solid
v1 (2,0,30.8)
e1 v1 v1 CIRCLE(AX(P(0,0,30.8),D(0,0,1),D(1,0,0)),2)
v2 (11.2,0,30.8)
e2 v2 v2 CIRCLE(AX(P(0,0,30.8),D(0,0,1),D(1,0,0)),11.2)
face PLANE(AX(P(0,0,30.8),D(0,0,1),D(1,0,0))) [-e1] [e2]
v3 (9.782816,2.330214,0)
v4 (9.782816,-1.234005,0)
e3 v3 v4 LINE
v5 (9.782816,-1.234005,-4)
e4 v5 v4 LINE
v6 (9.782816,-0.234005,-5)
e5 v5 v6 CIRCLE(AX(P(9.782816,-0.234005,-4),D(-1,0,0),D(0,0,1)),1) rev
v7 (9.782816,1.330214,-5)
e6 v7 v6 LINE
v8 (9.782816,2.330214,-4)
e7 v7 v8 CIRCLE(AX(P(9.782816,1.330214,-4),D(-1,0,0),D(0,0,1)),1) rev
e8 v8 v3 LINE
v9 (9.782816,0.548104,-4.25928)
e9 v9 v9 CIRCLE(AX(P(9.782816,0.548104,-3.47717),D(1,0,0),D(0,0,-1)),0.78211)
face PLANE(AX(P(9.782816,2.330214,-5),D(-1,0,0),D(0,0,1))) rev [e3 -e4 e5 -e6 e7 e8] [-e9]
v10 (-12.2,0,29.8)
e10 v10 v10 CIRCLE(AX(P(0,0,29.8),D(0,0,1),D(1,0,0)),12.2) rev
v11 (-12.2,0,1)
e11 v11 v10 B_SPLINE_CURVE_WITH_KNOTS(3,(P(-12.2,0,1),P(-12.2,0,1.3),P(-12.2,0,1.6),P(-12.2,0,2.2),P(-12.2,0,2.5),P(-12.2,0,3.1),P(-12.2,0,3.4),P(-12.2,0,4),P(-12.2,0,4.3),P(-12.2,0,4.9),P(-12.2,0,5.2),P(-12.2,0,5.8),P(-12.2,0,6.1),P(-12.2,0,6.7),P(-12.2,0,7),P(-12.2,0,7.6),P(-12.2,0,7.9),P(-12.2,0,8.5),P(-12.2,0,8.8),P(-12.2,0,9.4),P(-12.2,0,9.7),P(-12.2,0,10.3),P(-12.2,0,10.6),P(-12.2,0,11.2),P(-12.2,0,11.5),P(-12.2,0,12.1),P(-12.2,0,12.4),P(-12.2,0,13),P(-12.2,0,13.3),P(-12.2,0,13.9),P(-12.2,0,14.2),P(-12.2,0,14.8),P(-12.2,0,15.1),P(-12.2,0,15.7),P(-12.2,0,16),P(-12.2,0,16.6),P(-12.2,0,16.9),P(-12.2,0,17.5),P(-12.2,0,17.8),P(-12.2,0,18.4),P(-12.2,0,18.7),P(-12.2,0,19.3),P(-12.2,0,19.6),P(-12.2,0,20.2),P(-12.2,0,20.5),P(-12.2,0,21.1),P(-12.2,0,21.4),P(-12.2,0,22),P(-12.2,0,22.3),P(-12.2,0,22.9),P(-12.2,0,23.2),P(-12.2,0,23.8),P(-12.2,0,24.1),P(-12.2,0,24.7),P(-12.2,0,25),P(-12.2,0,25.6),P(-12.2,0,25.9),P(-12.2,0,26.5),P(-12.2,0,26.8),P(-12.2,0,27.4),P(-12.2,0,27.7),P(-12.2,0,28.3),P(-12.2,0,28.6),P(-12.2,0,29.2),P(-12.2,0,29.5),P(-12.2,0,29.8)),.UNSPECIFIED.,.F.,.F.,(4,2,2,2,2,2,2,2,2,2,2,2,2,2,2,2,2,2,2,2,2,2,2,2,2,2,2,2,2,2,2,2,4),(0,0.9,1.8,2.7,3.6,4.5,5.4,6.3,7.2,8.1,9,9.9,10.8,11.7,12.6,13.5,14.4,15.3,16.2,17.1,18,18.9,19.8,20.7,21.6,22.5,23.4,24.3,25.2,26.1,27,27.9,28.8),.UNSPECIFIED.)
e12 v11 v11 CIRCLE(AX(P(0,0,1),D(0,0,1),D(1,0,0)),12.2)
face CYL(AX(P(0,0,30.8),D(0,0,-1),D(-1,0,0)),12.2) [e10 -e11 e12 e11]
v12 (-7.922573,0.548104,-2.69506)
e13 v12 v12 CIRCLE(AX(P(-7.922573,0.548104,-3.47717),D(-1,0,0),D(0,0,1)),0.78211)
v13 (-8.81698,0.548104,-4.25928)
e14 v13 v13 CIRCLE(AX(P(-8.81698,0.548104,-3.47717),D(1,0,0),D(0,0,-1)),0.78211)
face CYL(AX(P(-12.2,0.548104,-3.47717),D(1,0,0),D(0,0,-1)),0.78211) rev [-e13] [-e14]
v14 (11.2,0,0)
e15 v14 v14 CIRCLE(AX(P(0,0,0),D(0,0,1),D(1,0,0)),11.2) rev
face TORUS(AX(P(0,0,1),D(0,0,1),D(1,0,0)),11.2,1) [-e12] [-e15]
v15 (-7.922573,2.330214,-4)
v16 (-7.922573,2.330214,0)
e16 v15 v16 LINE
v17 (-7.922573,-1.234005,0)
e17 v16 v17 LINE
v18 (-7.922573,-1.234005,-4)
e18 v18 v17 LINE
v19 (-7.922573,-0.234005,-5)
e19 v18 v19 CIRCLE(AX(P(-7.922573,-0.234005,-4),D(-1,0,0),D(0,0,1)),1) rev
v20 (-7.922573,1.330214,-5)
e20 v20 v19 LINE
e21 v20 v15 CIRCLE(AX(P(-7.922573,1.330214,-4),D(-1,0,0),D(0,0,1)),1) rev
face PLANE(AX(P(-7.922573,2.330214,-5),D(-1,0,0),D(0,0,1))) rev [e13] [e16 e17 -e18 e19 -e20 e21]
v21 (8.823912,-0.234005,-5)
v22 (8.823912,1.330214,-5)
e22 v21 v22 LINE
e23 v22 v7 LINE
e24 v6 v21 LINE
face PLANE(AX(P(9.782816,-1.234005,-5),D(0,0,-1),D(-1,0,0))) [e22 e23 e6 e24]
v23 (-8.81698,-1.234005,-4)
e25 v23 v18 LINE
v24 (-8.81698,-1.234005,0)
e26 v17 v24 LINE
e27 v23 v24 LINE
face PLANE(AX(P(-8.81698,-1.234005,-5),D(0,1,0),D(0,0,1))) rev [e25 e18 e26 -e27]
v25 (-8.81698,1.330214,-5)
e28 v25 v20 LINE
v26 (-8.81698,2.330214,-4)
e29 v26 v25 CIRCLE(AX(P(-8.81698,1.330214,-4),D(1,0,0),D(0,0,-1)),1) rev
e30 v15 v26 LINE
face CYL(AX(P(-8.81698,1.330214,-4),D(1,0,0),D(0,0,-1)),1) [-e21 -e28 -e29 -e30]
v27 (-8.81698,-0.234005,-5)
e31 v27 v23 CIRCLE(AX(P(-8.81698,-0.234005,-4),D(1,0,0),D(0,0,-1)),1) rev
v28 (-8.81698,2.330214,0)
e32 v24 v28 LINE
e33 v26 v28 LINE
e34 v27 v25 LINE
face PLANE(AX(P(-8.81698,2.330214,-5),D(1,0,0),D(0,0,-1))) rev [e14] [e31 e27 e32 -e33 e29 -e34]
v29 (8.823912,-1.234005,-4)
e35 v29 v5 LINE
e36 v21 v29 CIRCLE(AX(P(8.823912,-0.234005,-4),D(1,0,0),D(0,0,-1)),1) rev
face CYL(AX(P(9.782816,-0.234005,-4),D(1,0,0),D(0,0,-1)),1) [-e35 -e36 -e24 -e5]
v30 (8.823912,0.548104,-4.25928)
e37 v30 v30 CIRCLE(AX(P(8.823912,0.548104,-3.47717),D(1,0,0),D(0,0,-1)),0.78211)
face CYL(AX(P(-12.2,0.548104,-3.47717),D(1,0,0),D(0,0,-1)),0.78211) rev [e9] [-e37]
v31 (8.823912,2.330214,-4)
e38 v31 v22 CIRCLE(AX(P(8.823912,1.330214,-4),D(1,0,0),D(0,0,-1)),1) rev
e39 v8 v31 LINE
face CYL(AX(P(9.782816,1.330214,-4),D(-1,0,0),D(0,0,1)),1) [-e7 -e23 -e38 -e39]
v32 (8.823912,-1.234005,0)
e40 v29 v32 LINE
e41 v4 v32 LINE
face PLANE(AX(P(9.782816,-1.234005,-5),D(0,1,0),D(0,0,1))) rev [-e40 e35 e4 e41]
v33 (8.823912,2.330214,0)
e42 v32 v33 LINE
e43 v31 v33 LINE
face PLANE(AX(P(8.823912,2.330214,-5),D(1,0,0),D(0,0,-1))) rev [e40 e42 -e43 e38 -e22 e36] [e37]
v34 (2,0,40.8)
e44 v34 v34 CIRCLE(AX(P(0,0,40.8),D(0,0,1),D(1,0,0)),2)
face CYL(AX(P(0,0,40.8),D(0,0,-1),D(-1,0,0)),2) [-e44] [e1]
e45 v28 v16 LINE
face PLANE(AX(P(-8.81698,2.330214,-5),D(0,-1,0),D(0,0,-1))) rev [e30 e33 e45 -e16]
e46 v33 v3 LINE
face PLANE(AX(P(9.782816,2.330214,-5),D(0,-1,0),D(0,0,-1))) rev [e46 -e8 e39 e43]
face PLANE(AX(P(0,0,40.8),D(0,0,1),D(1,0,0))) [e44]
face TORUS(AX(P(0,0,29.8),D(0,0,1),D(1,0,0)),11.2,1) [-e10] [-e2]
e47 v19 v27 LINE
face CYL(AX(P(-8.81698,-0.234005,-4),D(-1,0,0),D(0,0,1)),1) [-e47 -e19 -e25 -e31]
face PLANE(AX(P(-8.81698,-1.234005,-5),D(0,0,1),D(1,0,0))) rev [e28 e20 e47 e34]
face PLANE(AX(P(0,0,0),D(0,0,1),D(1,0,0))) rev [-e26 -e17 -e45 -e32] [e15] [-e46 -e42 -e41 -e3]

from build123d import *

# Parameters (mm, degrees)
ESBO_O1_R                = 12.2
RESSALTO_EXTRUS_O1_DEPTH = 30.8
FILETE1_R                = 1
ESBO_O2_R                = 2
RESSALTO_EXTRUS_O2_DEPTH = 10
ESBO_O4_W                = 0.958903526
ESBO_O4_H                = 3.564219336
ESBO_O4_W_2              = 0.894406544
RESSALTO_EXTRUS_O3_DEPTH = 5
FILETE2_R                = 1
ESBO_O5_R                = 0.782109668
CORTE_EXTRUS_O2_DEPTH    = 48.924150269


with BuildPart() as part:
    # Esboço1 → Ressalto-extrusão1 (new body)
    with BuildSketch(Plane.XY):
        with Locations(Location((0, 0, 0), (0, 0, 180))):
            Circle(ESBO_O1_R)
    extrude(amount=RESSALTO_EXTRUS_O1_DEPTH)

    # Filete1
    filete1_edges = [part.edges().sort_by_distance(p)[0] for p in [
        (12.2, 0, 0),
        (12.2, 0, 30.8),
    ]]
    fillet(filete1_edges, radius=FILETE1_R)

    # Esboço2 → Ressalto-extrusão2 (add)
    with BuildSketch(Plane.XY.offset(30.8)):
        Circle(ESBO_O2_R)
    extrude(amount=RESSALTO_EXTRUS_O2_DEPTH)

    # Esboço4 → Ressalto-extrusão3 (add)
    with BuildSketch(Plane(origin=(0, 0, 0), x_dir=(-1, 0, 0), z_dir=(0, 0, -1))):
        with Locations((-9.303363775, 0.548104497)):
            Rectangle(ESBO_O4_W, ESBO_O4_H)
        with Locations((8.369776419, 0.548104497)):
            Rectangle(ESBO_O4_W_2, ESBO_O4_H)
    extrude(amount=RESSALTO_EXTRUS_O3_DEPTH)

    # Filete2
    filete2_edges = [part.edges().sort_by_distance(p)[0] for p in [
        (9.303363775, -1.234005171, -5),
        (9.303363775, 2.330214165, -5),
        (-8.369776419, 2.330214165, -5),
        (-8.369776419, -1.234005171, -5),
    ]]
    fillet(filete2_edges, radius=FILETE2_R)

    # Esboço5 → Corte-extrusão2 (cut, through all)
    with BuildSketch(Plane(origin=(9.782815538, 0, 0), x_dir=(0, 0, -1), z_dir=(1, 0, 0))):
        with Locations((3.47716986, 0.548104497)):
            Circle(ESBO_O5_R)
    extrude(amount=-CORTE_EXTRUS_O2_DEPTH, mode=Mode.SUBTRACT)


solid = part.part
